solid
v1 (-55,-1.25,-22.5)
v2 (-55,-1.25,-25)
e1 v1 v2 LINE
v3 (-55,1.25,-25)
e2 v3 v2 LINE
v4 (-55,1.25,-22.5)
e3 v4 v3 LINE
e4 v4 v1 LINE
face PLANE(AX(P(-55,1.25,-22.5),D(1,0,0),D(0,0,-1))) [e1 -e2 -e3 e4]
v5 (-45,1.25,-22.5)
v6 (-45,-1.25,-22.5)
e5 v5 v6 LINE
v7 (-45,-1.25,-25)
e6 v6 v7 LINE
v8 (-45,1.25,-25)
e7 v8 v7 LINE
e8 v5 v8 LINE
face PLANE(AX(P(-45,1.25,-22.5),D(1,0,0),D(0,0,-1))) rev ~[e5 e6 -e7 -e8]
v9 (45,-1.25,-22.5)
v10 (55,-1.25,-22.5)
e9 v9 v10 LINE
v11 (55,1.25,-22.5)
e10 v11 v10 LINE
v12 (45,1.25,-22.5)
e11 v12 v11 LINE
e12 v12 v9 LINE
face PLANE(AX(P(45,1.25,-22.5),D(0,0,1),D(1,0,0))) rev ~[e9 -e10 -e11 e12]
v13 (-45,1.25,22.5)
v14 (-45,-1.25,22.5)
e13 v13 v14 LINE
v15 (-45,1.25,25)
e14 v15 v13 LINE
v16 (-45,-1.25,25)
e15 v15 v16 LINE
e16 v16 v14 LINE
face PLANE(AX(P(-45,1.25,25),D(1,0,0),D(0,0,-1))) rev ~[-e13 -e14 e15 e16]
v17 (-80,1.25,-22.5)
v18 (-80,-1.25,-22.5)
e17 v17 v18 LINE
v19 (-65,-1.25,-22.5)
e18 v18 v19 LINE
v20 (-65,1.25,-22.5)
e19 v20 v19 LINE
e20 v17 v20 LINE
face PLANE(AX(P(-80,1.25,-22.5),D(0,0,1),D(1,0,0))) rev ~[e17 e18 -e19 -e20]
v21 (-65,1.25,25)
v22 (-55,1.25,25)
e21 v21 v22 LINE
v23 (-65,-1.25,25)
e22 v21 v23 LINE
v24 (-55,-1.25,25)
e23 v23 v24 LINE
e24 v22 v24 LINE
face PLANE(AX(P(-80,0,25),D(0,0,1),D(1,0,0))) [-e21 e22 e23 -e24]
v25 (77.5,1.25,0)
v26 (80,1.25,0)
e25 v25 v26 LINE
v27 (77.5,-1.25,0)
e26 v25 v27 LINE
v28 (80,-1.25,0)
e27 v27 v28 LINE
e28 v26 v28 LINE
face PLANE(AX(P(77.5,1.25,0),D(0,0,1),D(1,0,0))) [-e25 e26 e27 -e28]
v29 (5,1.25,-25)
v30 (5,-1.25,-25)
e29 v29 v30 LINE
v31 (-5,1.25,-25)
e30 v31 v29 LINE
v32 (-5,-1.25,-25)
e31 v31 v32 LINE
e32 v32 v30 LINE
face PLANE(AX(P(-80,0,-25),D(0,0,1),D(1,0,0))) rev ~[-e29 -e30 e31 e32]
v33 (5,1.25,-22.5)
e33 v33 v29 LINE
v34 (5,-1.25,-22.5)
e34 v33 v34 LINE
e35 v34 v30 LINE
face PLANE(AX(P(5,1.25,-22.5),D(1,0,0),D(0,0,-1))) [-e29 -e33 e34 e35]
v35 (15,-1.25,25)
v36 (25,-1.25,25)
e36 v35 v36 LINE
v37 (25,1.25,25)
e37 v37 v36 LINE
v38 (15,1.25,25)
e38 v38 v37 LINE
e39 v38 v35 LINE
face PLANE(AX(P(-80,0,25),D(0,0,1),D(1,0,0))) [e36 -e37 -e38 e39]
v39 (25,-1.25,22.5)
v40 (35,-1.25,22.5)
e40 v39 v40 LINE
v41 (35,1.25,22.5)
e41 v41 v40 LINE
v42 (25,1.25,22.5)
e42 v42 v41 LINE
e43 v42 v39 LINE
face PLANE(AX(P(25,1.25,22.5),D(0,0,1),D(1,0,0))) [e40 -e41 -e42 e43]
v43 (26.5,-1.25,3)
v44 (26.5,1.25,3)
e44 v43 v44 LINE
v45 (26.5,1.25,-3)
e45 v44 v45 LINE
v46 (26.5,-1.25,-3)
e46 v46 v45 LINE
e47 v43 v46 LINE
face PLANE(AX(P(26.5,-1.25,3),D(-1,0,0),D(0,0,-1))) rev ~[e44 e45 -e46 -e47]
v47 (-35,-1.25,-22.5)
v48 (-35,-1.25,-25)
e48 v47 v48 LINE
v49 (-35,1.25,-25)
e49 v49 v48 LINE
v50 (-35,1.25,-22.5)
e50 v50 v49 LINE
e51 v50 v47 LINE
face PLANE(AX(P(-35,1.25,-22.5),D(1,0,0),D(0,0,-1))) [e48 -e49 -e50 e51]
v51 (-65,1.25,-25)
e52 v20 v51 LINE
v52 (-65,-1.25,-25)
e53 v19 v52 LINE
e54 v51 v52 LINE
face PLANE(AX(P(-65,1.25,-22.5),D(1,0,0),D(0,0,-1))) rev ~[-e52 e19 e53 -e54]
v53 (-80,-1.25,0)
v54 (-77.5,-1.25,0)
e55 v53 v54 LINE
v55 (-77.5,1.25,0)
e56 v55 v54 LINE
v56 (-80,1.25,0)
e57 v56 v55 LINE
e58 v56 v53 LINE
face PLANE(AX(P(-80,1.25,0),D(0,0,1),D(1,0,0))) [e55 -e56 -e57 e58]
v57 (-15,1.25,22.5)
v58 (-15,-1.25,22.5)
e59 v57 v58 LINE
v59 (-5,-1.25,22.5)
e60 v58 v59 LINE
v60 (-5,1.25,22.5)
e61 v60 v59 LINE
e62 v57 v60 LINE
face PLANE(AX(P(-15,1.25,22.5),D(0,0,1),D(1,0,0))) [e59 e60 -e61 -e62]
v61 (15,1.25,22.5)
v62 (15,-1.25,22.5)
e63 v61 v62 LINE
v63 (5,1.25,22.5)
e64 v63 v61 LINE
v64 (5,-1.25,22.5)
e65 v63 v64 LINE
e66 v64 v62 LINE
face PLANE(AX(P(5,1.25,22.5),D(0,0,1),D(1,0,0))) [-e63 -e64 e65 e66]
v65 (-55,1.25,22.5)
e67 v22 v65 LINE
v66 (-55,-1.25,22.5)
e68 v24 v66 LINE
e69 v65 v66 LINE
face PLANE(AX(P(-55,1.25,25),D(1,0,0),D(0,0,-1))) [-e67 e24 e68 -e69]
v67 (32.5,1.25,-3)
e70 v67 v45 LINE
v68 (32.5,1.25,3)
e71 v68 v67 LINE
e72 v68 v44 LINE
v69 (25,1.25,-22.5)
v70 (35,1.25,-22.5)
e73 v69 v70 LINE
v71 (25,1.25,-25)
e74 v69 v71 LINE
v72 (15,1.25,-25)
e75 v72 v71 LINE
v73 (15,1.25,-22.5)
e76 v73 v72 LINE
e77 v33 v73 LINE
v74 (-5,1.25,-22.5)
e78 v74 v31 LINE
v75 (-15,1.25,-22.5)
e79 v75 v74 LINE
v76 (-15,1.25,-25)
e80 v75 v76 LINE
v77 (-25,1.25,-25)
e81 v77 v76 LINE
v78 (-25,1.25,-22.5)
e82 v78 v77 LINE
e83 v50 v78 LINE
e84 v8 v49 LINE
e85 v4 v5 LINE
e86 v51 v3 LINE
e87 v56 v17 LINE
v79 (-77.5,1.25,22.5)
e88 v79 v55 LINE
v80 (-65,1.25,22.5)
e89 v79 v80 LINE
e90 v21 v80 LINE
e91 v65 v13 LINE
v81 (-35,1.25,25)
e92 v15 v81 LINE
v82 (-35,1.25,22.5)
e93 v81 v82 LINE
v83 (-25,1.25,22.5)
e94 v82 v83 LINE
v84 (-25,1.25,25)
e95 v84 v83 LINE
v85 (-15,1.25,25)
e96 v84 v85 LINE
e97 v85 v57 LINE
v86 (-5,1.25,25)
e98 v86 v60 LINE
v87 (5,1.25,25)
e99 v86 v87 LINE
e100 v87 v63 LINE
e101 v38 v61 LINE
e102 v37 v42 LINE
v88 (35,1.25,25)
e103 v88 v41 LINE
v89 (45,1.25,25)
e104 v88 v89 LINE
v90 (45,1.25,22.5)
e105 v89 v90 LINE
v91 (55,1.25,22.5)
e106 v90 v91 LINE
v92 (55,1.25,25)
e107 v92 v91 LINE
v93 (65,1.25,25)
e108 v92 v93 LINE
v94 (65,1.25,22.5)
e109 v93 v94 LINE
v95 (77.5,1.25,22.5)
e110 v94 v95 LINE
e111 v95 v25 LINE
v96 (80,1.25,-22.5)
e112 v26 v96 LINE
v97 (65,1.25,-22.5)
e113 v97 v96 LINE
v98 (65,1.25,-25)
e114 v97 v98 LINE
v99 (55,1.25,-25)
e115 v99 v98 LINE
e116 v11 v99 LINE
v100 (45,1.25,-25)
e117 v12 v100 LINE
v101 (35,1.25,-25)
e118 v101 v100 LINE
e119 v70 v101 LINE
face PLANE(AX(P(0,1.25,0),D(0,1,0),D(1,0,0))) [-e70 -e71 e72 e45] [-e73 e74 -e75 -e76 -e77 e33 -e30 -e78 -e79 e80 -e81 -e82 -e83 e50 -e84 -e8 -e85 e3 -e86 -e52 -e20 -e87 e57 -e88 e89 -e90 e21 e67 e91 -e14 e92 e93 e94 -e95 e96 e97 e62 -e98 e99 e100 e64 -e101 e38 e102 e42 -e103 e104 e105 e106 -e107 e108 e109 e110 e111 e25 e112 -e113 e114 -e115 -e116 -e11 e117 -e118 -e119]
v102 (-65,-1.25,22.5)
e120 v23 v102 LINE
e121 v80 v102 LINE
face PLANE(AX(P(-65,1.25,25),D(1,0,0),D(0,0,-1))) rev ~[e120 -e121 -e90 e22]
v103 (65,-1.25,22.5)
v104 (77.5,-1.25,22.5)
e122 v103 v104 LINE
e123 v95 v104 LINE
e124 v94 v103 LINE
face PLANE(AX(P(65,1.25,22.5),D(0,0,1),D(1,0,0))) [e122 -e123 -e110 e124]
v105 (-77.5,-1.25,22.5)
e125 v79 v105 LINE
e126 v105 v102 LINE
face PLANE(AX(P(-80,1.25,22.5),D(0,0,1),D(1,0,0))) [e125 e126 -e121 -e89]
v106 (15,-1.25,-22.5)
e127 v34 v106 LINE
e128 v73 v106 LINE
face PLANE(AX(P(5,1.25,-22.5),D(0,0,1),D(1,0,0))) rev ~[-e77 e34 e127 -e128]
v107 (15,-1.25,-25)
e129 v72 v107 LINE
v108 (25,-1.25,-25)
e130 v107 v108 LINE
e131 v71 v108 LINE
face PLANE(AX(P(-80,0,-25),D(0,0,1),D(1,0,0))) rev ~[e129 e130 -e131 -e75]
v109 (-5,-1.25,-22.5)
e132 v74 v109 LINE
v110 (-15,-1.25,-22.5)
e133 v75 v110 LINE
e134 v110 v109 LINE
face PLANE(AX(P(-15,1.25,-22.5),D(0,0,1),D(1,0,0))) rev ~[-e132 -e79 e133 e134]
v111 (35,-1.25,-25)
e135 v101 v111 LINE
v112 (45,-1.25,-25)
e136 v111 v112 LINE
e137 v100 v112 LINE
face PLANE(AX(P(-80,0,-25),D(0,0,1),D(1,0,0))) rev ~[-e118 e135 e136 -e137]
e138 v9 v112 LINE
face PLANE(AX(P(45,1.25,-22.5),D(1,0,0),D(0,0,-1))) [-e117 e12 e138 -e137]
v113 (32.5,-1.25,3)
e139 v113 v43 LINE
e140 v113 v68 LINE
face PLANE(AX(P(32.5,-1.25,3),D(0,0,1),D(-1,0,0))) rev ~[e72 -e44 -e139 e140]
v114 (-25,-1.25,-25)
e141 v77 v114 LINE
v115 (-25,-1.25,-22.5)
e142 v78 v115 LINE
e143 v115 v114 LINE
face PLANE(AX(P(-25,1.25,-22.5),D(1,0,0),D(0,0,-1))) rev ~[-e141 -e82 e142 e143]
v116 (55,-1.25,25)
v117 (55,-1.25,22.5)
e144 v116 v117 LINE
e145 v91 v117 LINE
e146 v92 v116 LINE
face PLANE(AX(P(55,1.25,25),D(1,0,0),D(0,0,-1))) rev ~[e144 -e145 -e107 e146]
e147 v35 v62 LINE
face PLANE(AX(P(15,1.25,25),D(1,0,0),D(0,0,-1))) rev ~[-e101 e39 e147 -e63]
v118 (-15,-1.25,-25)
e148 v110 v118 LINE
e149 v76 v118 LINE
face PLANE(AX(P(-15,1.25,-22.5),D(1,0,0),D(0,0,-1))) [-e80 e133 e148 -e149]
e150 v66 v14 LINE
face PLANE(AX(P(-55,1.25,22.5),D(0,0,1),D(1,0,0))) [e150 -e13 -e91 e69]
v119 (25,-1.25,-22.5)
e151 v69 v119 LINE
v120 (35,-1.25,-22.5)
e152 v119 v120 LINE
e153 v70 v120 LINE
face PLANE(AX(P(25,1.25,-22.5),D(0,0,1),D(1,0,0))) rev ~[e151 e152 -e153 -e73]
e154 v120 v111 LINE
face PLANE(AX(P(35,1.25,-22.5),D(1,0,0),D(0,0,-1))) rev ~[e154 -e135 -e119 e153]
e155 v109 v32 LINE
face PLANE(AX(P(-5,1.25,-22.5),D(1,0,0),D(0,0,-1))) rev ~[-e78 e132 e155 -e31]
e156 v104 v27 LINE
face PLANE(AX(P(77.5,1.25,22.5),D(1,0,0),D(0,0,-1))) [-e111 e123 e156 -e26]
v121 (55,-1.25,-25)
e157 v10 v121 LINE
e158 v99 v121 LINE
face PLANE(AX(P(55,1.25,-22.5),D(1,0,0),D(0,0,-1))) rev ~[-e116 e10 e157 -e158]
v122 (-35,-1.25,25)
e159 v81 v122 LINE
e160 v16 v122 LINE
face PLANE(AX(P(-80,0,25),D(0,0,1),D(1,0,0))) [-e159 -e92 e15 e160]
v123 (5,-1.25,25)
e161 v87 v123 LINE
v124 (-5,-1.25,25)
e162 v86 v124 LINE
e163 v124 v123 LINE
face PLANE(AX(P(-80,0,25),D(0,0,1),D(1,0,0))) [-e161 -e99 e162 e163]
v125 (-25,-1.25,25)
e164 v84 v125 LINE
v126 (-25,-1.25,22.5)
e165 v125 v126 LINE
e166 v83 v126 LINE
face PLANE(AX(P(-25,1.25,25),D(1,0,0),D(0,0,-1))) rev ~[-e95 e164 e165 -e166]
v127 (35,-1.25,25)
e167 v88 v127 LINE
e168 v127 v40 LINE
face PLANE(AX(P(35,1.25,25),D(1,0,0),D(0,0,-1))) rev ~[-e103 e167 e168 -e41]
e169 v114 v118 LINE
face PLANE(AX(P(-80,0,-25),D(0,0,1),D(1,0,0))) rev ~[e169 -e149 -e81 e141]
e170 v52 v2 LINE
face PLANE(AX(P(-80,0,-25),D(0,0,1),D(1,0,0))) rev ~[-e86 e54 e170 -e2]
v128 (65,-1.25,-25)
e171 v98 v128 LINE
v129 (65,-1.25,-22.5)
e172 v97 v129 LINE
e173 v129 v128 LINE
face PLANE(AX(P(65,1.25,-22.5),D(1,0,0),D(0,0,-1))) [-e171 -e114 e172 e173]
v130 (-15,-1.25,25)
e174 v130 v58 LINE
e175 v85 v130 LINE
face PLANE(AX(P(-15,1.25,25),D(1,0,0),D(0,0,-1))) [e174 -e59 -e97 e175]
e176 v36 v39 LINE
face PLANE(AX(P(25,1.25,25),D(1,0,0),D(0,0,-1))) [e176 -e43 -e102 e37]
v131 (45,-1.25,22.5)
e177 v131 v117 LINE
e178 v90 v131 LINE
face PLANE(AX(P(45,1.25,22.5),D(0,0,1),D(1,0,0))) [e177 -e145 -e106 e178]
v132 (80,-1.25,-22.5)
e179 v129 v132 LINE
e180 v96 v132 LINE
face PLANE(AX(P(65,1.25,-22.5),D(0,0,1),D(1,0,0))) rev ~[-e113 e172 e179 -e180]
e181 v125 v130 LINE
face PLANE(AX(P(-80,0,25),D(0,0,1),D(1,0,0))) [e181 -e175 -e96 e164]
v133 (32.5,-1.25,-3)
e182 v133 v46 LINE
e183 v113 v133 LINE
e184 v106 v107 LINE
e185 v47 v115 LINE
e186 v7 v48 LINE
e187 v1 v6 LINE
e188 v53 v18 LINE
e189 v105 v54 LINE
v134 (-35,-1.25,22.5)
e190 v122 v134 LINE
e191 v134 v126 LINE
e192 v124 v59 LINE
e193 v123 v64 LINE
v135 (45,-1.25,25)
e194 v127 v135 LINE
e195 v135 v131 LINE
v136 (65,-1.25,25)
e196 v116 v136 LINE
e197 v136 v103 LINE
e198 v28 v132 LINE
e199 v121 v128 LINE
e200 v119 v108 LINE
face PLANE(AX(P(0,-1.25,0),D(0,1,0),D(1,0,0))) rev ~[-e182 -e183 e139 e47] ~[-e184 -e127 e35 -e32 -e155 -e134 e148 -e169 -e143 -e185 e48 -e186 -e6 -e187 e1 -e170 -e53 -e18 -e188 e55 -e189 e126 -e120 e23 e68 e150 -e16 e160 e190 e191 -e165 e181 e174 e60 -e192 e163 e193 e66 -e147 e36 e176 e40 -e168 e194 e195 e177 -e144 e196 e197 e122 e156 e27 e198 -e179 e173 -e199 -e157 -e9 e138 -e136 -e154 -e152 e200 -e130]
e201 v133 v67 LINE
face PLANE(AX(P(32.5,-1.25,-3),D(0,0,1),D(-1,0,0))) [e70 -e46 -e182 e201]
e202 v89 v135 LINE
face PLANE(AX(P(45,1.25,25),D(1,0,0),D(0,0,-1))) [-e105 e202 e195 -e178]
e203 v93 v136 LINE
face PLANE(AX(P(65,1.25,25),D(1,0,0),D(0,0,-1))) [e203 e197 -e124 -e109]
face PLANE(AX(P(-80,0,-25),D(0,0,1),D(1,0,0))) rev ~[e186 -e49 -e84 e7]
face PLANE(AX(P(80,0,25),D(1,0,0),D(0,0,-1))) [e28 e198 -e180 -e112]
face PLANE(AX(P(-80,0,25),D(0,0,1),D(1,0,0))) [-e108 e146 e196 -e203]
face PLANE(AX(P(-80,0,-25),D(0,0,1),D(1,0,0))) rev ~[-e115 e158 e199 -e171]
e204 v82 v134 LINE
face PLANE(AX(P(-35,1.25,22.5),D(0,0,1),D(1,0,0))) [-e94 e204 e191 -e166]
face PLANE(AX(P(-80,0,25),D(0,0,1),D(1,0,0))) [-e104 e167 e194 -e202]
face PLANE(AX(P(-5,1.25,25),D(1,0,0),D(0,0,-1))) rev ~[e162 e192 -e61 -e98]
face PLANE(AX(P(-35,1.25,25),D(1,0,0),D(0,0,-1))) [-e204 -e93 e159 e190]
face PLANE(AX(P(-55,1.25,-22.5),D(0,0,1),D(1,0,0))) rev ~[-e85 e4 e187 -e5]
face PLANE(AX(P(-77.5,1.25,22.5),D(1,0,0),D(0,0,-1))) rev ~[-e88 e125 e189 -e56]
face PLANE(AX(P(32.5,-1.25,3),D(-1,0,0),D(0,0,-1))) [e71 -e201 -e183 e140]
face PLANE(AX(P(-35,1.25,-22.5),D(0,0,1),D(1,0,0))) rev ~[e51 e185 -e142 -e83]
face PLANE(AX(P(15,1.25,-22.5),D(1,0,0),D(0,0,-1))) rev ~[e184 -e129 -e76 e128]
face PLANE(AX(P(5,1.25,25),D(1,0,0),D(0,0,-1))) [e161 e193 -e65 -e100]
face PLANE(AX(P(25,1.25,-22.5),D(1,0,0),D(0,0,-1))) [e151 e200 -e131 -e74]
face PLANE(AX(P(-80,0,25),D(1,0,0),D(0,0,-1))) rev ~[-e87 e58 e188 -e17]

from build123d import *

# Parameters (mm, degrees)
SKETCH1_W           = 160
SKETCH1_H           = 50
BOSS_EXTRUDE1_DEPTH = 1.25
SKETCH2_W           = 10
SKETCH2_H           = 2.5
SKETCH2_W_2         = 15
CUT_EXTRUDE1_DEPTH  = 4
SKETCH3_W           = 2.5
SKETCH3_H           = 22.5
CUT_EXTRUDE2_DEPTH  = 84.852549156
CUT_EXTRUDE3_REACH  = 85.853
SKETCH4_W           = 6
SKETCH4_H           = 6


with BuildPart() as part:
    # Sketch1 → Boss-Extrude1 (new, symmetric)
    with BuildSketch(Plane(origin=(0, 0, 0), x_dir=(1, 0, 0), z_dir=(0, 1, 0))):
        Rectangle(SKETCH1_W, SKETCH1_H)
    extrude(amount=BOSS_EXTRUDE1_DEPTH, both=True)

    # Sketch2 → Cut-Extrude1 (cut)
    with BuildSketch(Plane(origin=(0, 1.25, 0), x_dir=(1, 0, 0), z_dir=(0, 1, 0))):
        with Locations((30, 23.75)):
            Rectangle(SKETCH2_W, SKETCH2_H)
        with Locations((10, 23.75)):
            Rectangle(SKETCH2_W, SKETCH2_H)
        with Locations((10, -23.75)):
            Rectangle(SKETCH2_W, SKETCH2_H)
        with Locations((30, -23.75)):
            Rectangle(SKETCH2_W, SKETCH2_H)
        with Locations((50, 23.75)):
            Rectangle(SKETCH2_W, SKETCH2_H)
        with Locations((50, -23.75)):
            Rectangle(SKETCH2_W, SKETCH2_H)
        with Locations((-10, 23.75)):
            Rectangle(SKETCH2_W, SKETCH2_H)
        with Locations((-10, -23.75)):
            Rectangle(SKETCH2_W, SKETCH2_H)
        with Locations((-30, 23.75)):
            Rectangle(SKETCH2_W, SKETCH2_H)
        with Locations((-30, -23.75)):
            Rectangle(SKETCH2_W, SKETCH2_H)
        with Locations((-50, 23.75)):
            Rectangle(SKETCH2_W, SKETCH2_H)
        with Locations((-50, -23.75)):
            Rectangle(SKETCH2_W, SKETCH2_H)
        with Locations((72.5, 23.75)):
            Rectangle(SKETCH2_W_2, SKETCH2_H)
        with Locations((72.5, -23.75)):
            Rectangle(SKETCH2_W_2, SKETCH2_H)
        with Locations((-72.5, 23.75)):
            Rectangle(SKETCH2_W_2, SKETCH2_H)
        with Locations((-72.5, -23.75)):
            Rectangle(SKETCH2_W_2, SKETCH2_H)
    extrude(amount=-CUT_EXTRUDE1_DEPTH, mode=Mode.SUBTRACT)

    # Sketch3 → Cut-Extrude2 (cut, through all)
    with BuildSketch(Plane(origin=(0, 1.25, 0), x_dir=(1, 0, 0), z_dir=(0, 1, 0))):
        with Locations((78.75, -11.25)):
            Rectangle(SKETCH3_W, SKETCH3_H)
        with Locations((-78.75, -11.25)):
            Rectangle(SKETCH3_W, SKETCH3_H)
    extrude(amount=-CUT_EXTRUDE2_DEPTH, mode=Mode.SUBTRACT)

    # Sketch4 → Cut-Extrude3 (cut, up to next)
    with BuildSketch(Plane(origin=(0, -1.25, 0), x_dir=(-1, 0, 0), z_dir=(0, -1, 0)), mode=Mode.PRIVATE) as cut_extrude3_sk1:
        with Locations((-29.5, 0)):
            Rectangle(SKETCH4_W, SKETCH4_H)
    cut_extrude3_tool1 = extrude(cut_extrude3_sk1.sketch, amount=-CUT_EXTRUDE3_REACH, mode=Mode.PRIVATE) & part.part
    add(cut_extrude3_tool1.solids().sort_by_distance((29.5, -1.25, 0))[0], mode=Mode.SUBTRACT)


solid = part.part
